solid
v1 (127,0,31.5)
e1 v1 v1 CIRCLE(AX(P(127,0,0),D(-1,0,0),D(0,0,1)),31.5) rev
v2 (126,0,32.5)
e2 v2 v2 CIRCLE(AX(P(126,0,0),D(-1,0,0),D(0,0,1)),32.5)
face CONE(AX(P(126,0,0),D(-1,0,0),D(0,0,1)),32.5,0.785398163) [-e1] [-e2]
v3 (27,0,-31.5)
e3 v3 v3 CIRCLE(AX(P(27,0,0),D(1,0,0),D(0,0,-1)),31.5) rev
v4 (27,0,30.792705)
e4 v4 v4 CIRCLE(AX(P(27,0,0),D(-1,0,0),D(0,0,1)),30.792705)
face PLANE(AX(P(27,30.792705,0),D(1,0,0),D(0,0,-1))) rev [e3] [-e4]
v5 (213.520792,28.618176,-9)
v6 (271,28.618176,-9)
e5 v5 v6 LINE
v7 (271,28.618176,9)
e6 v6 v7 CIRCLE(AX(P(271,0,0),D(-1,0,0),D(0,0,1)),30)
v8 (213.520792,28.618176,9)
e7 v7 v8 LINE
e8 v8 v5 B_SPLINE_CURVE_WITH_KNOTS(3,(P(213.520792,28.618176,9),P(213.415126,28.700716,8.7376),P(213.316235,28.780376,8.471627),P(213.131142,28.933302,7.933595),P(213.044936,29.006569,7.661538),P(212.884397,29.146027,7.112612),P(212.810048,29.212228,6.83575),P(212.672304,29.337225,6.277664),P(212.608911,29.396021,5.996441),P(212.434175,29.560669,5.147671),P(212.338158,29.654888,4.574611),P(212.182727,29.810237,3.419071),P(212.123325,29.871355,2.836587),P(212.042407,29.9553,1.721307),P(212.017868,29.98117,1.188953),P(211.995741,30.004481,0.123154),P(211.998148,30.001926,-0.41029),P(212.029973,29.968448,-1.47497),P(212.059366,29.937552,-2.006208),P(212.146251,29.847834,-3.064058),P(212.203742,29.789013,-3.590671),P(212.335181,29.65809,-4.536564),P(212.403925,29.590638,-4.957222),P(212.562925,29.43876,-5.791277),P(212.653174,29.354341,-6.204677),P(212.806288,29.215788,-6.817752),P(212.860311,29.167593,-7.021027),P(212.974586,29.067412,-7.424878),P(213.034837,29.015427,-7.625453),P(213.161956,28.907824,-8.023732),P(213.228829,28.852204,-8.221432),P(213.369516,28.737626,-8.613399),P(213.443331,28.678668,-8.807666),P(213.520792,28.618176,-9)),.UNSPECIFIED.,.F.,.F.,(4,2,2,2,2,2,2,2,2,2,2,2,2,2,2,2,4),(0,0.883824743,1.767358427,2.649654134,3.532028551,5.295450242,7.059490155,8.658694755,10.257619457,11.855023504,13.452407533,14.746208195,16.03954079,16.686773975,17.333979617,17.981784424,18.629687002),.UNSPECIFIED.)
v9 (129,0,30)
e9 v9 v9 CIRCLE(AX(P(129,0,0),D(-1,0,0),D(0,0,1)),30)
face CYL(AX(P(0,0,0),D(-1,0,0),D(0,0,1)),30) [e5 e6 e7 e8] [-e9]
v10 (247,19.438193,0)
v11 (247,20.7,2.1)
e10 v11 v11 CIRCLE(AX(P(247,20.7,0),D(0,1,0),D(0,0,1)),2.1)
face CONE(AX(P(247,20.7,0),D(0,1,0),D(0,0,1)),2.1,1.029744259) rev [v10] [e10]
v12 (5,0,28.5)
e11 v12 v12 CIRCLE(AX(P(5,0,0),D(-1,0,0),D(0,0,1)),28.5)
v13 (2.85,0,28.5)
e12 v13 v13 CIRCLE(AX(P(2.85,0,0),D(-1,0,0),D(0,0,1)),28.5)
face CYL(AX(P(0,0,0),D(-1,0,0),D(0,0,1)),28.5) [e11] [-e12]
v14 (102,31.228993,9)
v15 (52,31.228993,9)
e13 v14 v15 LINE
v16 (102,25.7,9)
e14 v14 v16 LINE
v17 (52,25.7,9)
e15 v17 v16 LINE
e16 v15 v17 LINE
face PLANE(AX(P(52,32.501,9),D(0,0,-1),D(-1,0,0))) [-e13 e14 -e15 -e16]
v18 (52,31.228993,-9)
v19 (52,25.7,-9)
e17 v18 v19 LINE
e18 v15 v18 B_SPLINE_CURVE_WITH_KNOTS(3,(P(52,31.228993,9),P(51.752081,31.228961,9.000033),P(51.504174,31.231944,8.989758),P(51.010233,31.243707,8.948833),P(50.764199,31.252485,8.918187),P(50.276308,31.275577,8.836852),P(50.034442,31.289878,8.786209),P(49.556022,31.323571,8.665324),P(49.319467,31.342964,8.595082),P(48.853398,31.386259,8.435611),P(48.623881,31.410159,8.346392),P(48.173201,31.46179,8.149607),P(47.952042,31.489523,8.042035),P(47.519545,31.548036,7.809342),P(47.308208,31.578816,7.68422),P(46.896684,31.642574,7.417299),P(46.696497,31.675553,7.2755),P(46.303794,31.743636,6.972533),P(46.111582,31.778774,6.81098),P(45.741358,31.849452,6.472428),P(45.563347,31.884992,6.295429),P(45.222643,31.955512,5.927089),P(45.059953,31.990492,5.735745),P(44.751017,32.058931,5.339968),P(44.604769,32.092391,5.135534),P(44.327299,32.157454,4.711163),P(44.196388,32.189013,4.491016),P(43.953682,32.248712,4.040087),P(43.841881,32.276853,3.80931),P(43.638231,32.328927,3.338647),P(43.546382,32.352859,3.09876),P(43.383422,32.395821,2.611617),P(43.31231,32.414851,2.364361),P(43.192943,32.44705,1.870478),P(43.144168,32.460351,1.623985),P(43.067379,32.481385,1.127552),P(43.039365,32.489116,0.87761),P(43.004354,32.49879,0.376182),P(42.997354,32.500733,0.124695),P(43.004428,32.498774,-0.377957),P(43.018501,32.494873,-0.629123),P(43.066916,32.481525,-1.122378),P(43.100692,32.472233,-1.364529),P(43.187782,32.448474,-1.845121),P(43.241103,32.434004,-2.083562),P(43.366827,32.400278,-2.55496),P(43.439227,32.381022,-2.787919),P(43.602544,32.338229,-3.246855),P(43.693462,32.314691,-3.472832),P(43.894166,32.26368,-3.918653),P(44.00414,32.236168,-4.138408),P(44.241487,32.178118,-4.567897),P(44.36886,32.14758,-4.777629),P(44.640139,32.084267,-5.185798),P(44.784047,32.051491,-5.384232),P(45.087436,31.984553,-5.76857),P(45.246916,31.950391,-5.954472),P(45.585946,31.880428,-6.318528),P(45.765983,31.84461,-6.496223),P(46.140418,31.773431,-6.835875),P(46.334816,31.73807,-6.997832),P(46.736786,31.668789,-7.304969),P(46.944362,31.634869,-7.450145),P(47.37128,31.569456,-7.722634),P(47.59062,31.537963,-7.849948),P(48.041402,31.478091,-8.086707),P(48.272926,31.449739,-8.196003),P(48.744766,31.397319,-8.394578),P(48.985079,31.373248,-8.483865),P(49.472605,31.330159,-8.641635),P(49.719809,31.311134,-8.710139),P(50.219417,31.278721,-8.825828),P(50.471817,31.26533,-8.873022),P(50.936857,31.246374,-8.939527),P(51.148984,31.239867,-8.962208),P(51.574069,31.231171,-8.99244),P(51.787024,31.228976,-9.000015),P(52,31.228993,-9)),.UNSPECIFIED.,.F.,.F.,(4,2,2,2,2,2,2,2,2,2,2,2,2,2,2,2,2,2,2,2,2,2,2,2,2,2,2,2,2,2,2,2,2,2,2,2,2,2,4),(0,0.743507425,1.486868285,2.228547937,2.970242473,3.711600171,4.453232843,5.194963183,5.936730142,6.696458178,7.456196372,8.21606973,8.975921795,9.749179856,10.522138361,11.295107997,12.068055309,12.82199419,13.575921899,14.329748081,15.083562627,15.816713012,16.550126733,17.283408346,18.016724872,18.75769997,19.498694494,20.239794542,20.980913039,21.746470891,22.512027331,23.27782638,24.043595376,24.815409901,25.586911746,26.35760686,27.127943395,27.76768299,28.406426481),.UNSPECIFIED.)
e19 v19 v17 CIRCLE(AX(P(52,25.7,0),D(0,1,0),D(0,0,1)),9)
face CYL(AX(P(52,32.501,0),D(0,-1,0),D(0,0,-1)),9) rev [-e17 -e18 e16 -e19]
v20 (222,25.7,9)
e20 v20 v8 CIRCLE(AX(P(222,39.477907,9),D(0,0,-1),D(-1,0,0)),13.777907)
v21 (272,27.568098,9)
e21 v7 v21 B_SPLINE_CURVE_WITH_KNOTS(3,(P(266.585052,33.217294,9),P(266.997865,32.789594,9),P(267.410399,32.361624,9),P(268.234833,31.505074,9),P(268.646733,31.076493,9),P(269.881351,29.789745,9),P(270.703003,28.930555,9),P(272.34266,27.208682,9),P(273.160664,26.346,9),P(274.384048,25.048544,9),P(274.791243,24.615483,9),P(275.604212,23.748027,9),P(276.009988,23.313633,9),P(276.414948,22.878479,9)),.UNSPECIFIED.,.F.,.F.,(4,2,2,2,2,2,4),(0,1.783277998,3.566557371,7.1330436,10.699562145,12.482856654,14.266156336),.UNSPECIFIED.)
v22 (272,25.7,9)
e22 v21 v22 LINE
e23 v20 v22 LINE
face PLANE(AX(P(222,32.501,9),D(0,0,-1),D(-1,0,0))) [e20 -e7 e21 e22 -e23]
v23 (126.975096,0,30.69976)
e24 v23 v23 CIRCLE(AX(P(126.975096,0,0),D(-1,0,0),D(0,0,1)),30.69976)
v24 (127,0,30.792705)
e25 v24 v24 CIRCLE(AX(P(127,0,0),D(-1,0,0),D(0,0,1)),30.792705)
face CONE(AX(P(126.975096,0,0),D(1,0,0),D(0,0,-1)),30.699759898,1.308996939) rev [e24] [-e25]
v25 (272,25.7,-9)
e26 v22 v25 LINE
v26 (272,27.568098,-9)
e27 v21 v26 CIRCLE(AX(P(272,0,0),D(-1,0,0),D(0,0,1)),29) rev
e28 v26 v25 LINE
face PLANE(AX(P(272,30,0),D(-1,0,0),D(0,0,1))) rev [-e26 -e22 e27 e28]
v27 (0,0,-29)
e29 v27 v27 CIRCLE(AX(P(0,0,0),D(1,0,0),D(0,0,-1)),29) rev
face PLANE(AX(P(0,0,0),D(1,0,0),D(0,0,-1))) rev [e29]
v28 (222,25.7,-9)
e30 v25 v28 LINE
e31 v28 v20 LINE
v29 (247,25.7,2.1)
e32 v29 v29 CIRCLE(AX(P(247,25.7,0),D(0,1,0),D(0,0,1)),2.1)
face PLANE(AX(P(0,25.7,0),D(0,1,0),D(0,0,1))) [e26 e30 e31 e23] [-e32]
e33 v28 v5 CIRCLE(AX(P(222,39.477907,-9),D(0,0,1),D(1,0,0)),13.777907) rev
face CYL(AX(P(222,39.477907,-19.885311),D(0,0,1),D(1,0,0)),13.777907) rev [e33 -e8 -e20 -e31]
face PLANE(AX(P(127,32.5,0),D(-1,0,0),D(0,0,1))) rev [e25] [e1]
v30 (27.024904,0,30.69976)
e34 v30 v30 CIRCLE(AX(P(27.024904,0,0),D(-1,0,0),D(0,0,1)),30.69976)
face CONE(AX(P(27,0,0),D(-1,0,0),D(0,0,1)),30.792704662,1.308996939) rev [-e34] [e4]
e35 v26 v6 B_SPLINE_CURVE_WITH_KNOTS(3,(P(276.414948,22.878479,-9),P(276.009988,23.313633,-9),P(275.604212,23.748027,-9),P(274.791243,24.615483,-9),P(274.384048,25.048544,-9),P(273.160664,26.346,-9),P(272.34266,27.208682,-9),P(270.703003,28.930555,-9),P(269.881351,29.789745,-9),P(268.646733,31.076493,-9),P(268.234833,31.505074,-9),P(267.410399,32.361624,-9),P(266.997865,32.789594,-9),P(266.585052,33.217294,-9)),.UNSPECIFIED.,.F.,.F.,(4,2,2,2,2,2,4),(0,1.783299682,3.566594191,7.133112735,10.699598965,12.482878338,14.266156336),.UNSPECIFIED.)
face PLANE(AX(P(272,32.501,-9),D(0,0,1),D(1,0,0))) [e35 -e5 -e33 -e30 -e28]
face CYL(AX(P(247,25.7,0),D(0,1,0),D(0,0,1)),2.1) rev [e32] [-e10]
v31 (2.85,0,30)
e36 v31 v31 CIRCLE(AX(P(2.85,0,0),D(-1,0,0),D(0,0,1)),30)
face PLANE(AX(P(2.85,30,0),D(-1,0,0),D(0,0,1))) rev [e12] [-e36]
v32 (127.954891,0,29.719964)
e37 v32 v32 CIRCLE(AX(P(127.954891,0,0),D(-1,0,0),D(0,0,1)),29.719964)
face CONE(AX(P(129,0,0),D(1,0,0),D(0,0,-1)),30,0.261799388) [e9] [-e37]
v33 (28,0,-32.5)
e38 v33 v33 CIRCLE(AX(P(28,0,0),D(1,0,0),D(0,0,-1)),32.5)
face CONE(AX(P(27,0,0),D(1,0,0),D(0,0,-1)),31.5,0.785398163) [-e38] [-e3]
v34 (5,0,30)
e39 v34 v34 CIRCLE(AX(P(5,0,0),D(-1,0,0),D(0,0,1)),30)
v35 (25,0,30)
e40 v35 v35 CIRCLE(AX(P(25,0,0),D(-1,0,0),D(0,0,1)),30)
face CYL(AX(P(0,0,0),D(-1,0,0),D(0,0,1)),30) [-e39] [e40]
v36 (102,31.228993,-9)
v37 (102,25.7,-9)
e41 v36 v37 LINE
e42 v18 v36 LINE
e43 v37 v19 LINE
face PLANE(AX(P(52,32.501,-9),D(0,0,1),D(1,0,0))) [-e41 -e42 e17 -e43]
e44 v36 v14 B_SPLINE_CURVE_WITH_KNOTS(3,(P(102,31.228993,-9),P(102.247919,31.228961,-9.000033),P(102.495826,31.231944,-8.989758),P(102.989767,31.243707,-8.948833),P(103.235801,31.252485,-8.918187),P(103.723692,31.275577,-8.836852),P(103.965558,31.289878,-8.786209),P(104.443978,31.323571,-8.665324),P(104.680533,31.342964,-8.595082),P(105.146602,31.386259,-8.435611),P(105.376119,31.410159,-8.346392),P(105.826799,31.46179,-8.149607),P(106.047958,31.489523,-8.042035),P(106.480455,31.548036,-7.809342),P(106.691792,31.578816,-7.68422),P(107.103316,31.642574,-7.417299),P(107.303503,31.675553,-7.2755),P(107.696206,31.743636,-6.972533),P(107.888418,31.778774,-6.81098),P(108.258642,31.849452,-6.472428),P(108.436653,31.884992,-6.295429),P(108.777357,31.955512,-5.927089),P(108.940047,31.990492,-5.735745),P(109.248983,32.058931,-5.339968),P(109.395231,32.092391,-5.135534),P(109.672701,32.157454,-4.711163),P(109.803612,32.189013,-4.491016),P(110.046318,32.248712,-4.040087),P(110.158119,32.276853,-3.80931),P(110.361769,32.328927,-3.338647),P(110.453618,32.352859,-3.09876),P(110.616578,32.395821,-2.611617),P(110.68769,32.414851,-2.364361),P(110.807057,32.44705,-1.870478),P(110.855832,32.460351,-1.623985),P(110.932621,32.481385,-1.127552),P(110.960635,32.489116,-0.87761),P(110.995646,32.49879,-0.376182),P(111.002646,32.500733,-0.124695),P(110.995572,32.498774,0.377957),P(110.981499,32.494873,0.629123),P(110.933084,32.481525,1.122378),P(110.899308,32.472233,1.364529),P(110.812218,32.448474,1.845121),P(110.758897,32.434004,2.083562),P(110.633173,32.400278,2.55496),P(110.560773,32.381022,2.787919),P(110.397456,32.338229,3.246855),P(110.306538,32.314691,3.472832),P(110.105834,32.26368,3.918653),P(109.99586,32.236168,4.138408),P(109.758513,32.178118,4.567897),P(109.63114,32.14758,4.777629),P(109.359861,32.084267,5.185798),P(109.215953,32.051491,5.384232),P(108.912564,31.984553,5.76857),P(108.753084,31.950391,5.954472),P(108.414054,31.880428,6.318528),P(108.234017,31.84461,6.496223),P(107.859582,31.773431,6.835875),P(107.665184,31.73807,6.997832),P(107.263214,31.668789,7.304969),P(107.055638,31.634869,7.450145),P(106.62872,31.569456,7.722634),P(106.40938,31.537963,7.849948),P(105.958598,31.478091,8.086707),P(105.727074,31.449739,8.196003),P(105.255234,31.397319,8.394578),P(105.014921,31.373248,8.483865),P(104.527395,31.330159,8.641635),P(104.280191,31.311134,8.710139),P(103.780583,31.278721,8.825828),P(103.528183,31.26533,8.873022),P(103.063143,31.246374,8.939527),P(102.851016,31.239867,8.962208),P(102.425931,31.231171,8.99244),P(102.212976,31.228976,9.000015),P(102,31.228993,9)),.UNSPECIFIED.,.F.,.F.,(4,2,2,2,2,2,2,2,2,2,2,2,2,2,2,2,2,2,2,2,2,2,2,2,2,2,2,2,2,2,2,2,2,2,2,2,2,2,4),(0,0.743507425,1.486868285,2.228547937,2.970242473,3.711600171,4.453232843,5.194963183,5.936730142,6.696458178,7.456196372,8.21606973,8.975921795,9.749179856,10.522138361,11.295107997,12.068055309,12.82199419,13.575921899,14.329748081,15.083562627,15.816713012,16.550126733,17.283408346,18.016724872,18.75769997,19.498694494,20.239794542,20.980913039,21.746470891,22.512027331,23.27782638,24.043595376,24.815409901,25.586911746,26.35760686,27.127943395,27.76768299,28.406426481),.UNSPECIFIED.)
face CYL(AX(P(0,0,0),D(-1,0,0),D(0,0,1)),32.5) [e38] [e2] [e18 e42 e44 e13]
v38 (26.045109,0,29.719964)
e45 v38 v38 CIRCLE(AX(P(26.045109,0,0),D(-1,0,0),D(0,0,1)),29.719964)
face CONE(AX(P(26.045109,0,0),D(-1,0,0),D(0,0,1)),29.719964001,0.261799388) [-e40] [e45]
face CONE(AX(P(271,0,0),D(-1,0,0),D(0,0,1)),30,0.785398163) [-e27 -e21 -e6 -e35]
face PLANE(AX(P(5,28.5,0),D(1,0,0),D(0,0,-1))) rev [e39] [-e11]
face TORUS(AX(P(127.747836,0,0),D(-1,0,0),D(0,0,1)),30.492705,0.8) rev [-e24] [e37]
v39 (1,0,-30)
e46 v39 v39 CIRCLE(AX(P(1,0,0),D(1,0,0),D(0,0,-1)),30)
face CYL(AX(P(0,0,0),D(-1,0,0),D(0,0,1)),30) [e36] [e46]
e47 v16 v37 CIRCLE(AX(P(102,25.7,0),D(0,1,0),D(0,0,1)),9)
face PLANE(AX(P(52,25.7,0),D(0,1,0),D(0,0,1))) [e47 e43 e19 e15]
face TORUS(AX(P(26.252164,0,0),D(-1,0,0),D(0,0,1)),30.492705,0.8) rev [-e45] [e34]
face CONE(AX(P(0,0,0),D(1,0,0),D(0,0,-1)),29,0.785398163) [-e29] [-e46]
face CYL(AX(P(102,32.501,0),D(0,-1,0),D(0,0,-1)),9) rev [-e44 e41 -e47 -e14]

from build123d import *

# Parameters (mm, degrees)
CHAMFER1_SIZE                  = 1
CUT_EXTRUDE1_REACH             = 8.8
F_5_0MM_DOWEL_HOLE1_D          = 4.2
F_5_0MM_DOWEL_HOLE1_DEPTH      = 5
F_5_0MM_DOWEL_HOLE1_TIP        = 1.2618073
CUT_EXTRUDE2_REACH             = 34.5
CUT_EXTRUDE2_DIRECTION_2_REACH = 34.5


with BuildPart() as part:
    # Sketch1 → Revolve1 (revolve)
    with BuildSketch(Plane.XY):
        with BuildLine():
            Line((0, 0), (272, 0))
            Line((272, 0), (272, 30))
            Line((272, 30), (129, 30))
            Line((129, 30), (127.954891423, 29.719964001))
            ThreePointArc((127.954891423, 29.719964001), (127.182150762, 29.927019237), (126.975095526, 30.699759898))
            Line((126.975095526, 30.699759898), (127, 30.792704662))
            Line((127, 30.792704662), (127, 32.5))
            Line((127, 32.5), (27, 32.5))
            Line((27, 32.5), (27, 30.792704662))
            Line((27, 30.792704662), (27.024904474, 30.699759898))
            ThreePointArc((27.024904474, 30.699759898), (26.817849238, 29.927019237), (26.045108577, 29.719964001))
            Line((26.045108577, 29.719964001), (25, 30))
            Line((25, 30), (5, 30))
            Line((5, 30), (5, 28.5))
            Line((5, 28.5), (2.85, 28.5))
            Line((2.85, 28.5), (2.85, 30))
            Line((2.85, 30), (0, 30))
            Line((0, 30), (0, 0))
        make_face()
    revolve(axis=Axis((0, 0, 0), (1, 0, 0)))

    # Chamfer1
    chamfer1_edges = [part.edges().sort_by_distance(p)[0] for p in [
        (272, -30, 0),
        (127, -32.5, 0),
        (27, -32.5, 0),
        (0, -30, 0),
    ]]
    chamfer(chamfer1_edges, length=CHAMFER1_SIZE)

    # Sketch2 → Cut-Extrude1 (cut, up to next)
    with BuildSketch(Plane(origin=(0, 25.7, 0), x_dir=(1, 0, 0), z_dir=(0, 1, 0)), mode=Mode.PRIVATE) as cut_extrude1_sk1:
        Polygon((272, 9), (222, 9), (222, -9), (272, -9), (272, 0), align=None)
    cut_extrude1_tool1 = extrude(cut_extrude1_sk1.sketch, amount=CUT_EXTRUDE1_REACH, mode=Mode.PRIVATE) & part.part
    add(cut_extrude1_tool1.solids().sort_by_distance((247, 25.7, 0))[0], mode=Mode.SUBTRACT)
    # Sketch2 → Cut-Extrude1 (cut, up to next)
    with BuildSketch(Plane(origin=(0, 25.7, 0), x_dir=(1, 0, 0), z_dir=(0, 1, 0)), mode=Mode.PRIVATE) as cut_extrude1_sk2:
        with BuildLine():
            Line((52, 9), (102, 9))
            ThreePointArc((102, 9), (111, 0), (102, -9))
            Line((102, -9), (52, -9))
            ThreePointArc((52, -9), (43, 0), (52, 9))
        make_face()
    cut_extrude1_tool2 = extrude(cut_extrude1_sk2.sketch, amount=CUT_EXTRUDE1_REACH, mode=Mode.PRIVATE) & part.part
    add(cut_extrude1_tool2.solids().sort_by_distance((77, 25.7, 0))[0], mode=Mode.SUBTRACT)

    # Ø5.0mm Dowel Hole1
    with Locations(Plane(origin=(247, 25.7, 0), x_dir=(0, 0, 1), z_dir=(0, 1, 0))):
        with Locations((0, 0)):
            Hole(F_5_0MM_DOWEL_HOLE1_D / 2, depth=F_5_0MM_DOWEL_HOLE1_DEPTH)
            with Locations((0, 0, -(F_5_0MM_DOWEL_HOLE1_DEPTH + F_5_0MM_DOWEL_HOLE1_TIP / 2))):  # 118° drill point
                Cone(0, F_5_0MM_DOWEL_HOLE1_D / 2, F_5_0MM_DOWEL_HOLE1_TIP, mode=Mode.SUBTRACT)

    # Cut-Extrude2: up to this face of the body (flat: up to its plane)
    cut_extrude2_end = Plane(part.part.faces().sort_by_distance((246.910970255, 27.155084714, -9))[0])
    # Sketch5 → Cut-Extrude2 (cut, up to the picked face)
    with BuildSketch(Plane.XY, mode=Mode.PRIVATE) as cut_extrude2_sk1:
        with BuildLine():
            Line((222, 30), (222, 25.7))
            ThreePointArc((222, 25.7), (216.557344398, 26.820568368), (212, 30))
            Line((212, 30), (222, 30))
        make_face()
    cut_extrude2_tool1 = split(extrude(cut_extrude2_sk1.sketch, amount=-CUT_EXTRUDE2_REACH, mode=Mode.PRIVATE), bisect_by=cut_extrude2_end, keep=Keep.BOTH, mode=Mode.PRIVATE)
    add(cut_extrude2_tool1.solids().sort_by_distance((218.157433, 28.254696, 0))[0], mode=Mode.SUBTRACT)

    # Cut-Extrude2 direction 2: up to this face of the body (flat: up to its plane)
    cut_extrude2_direction_2_end = Plane(part.part.faces().sort_by_distance((246.910970255, 27.155084714, 9))[0])
    # Sketch5 → Cut-Extrude2 direction 2 (cut, up to the picked face)
    with BuildSketch(Plane.XY, mode=Mode.PRIVATE) as cut_extrude2_direction_2_sk1:
        with BuildLine():
            Line((222, 30), (222, 25.7))
            ThreePointArc((222, 25.7), (216.557344398, 26.820568368), (212, 30))
            Line((212, 30), (222, 30))
        make_face()
    cut_extrude2_direction_2_tool1 = split(extrude(cut_extrude2_direction_2_sk1.sketch, amount=CUT_EXTRUDE2_DIRECTION_2_REACH, mode=Mode.PRIVATE), bisect_by=cut_extrude2_direction_2_end, keep=Keep.BOTH, mode=Mode.PRIVATE)
    add(cut_extrude2_direction_2_tool1.solids().sort_by_distance((218.157433, 28.254696, 0))[0], mode=Mode.SUBTRACT)


solid = part.part
